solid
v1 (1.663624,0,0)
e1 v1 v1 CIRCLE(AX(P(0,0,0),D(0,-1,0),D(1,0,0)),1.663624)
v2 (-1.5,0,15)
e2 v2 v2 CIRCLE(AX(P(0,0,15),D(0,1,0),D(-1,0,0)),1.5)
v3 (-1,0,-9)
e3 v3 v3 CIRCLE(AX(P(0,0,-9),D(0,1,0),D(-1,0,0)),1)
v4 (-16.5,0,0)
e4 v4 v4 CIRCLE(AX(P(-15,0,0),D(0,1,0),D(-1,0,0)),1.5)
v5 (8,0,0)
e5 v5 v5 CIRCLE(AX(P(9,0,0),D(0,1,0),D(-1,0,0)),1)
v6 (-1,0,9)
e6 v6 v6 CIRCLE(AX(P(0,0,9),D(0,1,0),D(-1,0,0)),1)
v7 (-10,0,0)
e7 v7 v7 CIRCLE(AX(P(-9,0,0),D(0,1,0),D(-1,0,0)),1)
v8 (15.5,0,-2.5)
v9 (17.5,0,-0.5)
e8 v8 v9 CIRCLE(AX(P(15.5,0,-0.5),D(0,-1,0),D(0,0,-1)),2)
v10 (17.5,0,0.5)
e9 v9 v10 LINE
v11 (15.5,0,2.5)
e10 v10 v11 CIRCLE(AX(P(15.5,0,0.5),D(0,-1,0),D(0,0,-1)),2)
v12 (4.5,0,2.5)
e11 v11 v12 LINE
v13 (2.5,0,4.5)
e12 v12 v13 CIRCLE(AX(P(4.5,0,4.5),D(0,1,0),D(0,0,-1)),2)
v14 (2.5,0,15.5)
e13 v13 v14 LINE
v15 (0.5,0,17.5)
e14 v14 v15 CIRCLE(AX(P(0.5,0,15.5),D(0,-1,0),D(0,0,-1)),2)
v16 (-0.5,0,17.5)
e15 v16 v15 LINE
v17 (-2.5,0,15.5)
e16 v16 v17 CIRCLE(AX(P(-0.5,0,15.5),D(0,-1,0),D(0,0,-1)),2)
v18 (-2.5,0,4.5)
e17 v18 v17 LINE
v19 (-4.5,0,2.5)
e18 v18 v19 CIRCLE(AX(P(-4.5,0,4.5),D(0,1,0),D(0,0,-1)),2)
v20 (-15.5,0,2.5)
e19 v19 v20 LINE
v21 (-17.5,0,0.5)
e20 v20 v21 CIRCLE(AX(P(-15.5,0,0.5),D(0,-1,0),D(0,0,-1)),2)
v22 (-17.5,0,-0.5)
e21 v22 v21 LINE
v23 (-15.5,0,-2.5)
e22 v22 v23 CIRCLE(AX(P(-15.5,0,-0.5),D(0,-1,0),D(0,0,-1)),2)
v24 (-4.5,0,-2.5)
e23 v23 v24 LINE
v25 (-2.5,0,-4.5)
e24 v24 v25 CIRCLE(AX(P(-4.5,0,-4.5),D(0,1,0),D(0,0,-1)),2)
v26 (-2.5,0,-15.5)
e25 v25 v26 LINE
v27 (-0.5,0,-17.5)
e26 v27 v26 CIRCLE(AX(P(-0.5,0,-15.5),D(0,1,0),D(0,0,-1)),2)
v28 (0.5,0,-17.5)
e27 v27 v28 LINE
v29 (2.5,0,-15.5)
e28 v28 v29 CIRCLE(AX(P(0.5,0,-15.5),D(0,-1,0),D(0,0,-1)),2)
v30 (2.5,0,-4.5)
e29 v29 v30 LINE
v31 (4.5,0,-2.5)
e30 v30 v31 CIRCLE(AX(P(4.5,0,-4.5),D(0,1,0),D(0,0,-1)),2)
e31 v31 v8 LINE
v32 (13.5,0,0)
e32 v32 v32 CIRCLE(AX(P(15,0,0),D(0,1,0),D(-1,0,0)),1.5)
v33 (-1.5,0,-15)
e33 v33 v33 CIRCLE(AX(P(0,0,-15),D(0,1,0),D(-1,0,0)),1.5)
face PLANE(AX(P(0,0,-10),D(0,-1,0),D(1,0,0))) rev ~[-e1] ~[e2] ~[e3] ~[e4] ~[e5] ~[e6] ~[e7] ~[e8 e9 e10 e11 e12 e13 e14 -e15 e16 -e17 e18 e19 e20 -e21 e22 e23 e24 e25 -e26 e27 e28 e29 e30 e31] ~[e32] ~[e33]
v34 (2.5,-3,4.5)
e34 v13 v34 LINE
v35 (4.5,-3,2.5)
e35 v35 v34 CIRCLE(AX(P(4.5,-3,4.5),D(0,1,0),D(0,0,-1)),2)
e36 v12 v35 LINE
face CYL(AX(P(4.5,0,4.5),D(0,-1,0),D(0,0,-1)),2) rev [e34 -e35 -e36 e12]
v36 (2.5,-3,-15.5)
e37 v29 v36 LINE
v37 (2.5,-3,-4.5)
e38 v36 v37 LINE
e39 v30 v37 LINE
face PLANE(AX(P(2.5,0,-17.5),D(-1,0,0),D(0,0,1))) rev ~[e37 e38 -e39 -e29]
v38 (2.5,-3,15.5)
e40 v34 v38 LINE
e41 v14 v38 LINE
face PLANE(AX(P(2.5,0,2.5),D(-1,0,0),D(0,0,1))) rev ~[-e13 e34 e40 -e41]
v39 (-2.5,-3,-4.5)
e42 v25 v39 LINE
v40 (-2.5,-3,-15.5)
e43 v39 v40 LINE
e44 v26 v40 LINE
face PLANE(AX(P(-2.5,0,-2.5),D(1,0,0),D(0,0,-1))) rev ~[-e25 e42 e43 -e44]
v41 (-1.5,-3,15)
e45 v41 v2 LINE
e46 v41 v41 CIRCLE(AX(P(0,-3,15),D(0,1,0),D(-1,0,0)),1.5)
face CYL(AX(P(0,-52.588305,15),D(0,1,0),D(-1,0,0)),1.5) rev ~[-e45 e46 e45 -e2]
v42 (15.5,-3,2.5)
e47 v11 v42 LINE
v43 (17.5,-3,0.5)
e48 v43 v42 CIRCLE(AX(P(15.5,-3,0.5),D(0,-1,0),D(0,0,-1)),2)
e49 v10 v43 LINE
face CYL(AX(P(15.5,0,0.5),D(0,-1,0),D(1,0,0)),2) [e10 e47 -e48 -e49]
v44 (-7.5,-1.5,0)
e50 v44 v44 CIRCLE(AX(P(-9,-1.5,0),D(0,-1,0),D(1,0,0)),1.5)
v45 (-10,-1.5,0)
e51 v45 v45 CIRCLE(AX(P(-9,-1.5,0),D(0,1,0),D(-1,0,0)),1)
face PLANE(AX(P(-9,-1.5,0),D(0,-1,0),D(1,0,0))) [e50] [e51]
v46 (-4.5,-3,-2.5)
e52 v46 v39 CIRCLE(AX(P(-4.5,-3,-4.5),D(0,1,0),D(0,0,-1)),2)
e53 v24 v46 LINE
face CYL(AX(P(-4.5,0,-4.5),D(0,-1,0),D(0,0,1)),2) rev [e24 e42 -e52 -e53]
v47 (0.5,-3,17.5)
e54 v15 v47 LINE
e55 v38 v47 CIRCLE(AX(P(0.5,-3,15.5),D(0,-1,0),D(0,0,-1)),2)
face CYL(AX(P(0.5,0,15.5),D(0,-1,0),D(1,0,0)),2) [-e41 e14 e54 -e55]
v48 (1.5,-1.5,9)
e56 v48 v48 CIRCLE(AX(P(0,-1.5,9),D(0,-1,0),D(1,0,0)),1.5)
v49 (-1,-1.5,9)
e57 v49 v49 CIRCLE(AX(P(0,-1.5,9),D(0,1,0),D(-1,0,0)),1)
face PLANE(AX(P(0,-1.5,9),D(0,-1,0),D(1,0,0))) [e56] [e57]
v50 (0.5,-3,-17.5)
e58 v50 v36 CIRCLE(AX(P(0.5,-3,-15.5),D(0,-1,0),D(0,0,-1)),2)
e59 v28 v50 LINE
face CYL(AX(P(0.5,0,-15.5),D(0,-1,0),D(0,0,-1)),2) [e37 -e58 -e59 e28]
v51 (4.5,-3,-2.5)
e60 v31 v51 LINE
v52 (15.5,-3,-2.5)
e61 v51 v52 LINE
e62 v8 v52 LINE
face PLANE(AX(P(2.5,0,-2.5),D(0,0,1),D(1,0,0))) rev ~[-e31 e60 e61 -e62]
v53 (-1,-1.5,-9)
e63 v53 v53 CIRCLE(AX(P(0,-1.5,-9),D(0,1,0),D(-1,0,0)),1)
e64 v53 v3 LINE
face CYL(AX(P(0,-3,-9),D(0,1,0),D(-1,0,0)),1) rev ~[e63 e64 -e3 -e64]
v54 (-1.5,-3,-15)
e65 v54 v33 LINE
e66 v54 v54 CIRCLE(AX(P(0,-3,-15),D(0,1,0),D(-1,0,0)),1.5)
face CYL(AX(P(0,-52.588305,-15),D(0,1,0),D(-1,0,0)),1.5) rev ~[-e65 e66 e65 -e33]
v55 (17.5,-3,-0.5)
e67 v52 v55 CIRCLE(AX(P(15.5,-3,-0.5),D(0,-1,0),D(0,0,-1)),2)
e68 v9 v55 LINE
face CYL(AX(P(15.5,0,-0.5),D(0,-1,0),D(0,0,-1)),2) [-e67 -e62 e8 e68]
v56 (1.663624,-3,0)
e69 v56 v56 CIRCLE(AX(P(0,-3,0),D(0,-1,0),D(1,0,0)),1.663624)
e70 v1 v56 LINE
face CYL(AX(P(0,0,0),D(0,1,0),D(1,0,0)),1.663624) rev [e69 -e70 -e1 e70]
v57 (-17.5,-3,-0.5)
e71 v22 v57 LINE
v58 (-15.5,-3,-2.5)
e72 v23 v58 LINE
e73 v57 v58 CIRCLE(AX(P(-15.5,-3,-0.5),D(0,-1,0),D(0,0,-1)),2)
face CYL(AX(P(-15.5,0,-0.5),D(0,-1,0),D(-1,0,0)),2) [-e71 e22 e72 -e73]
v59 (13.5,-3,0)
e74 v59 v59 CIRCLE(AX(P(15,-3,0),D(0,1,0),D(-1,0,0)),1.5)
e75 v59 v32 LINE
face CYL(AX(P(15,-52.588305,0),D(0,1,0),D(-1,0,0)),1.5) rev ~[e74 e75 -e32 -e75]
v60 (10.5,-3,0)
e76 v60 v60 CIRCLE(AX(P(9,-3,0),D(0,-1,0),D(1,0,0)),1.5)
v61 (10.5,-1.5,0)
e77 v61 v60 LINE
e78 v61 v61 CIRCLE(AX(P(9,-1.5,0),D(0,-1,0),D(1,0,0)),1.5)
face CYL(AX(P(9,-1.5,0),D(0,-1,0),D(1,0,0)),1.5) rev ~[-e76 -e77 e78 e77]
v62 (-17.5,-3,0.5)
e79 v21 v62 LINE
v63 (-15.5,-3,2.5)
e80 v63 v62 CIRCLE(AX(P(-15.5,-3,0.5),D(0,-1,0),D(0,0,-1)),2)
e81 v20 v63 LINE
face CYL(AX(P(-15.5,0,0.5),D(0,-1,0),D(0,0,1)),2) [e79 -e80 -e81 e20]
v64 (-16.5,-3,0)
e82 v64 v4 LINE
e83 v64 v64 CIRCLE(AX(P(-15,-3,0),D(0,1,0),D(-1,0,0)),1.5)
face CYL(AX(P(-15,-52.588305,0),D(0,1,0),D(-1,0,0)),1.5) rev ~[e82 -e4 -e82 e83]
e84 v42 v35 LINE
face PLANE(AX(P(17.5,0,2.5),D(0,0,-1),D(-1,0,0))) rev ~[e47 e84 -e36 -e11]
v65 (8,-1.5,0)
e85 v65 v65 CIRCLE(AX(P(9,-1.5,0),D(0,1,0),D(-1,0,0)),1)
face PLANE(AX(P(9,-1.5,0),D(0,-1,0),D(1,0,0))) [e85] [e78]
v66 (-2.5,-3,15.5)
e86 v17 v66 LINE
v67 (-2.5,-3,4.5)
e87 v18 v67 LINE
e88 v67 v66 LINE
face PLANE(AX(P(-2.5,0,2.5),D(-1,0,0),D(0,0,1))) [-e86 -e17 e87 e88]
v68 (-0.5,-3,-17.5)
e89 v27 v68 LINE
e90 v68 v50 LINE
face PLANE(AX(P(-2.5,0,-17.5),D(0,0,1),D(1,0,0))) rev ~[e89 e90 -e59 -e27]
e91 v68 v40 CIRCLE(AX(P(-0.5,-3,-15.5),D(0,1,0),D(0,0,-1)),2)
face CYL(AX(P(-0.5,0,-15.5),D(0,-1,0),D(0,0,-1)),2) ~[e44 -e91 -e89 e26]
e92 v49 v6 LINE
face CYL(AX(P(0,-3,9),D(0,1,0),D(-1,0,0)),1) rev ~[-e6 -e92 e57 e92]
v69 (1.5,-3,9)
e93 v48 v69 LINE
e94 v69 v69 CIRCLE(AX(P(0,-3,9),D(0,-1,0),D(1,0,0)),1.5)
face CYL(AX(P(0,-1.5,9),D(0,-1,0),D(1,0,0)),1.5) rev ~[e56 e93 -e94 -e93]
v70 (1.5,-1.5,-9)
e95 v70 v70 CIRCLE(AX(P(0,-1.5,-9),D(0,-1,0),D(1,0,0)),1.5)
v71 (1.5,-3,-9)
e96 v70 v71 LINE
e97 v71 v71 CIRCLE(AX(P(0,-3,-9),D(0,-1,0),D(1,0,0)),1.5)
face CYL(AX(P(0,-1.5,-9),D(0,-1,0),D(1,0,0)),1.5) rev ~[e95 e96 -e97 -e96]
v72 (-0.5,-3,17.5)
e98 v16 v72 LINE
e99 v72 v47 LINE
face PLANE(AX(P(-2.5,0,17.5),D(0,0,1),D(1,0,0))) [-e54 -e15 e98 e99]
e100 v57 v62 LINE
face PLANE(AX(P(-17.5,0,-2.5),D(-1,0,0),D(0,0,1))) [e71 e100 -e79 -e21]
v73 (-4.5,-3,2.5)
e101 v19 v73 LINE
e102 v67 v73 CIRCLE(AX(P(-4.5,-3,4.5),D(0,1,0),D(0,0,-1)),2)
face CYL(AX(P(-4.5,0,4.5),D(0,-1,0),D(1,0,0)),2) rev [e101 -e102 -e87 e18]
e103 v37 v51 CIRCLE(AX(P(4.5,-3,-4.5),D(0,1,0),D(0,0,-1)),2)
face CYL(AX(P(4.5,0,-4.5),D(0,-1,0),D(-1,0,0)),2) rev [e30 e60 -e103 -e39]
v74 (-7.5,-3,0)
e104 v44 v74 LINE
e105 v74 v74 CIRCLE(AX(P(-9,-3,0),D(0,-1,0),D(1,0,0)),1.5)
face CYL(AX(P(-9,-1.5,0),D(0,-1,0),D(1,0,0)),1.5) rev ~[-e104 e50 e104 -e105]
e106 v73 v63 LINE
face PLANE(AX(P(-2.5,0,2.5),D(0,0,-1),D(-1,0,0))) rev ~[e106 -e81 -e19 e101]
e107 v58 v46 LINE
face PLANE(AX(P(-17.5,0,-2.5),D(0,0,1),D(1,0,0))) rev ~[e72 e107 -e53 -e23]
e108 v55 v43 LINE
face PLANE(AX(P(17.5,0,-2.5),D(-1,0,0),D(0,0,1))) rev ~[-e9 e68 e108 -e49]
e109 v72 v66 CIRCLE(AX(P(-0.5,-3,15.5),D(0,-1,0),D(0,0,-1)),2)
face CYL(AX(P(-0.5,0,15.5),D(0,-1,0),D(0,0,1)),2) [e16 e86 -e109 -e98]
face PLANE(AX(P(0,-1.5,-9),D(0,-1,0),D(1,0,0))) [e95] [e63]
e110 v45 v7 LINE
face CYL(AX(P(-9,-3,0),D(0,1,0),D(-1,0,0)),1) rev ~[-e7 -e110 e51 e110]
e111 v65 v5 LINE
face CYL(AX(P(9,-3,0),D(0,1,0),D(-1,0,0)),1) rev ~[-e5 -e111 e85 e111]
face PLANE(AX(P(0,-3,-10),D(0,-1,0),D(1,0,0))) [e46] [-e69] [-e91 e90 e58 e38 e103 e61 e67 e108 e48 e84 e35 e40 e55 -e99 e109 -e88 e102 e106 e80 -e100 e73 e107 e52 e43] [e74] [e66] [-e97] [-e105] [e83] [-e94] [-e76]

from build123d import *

# Parameters (mm, degrees)
F0_W           = 5
F0_H           = 15
F0_H_2         = 5
F0_R           = 1.663624267
F0_W_2         = 15
F1_DEPTH       = 3
F2_R           = 2
F4_D           = 3
F6_D           = 2
F6_CBORE_D     = 3
F6_CBORE_DEPTH = 1.5


with BuildPart() as f1:
    # F0 (on Front) → F1 (new body)
    with BuildSketch(Plane.XZ):
        with Locations((0, -10)):
            Rectangle(F0_W, F0_H)
        Rectangle(F0_W, F0_H_2)
        Circle(F0_R, mode=Mode.SUBTRACT)
        with Locations((10, 0)):
            Rectangle(F0_W_2, F0_H_2)
        with Locations((-10, 0)):
            Rectangle(F0_W_2, F0_H_2)
        with Locations((0, 10)):
            Rectangle(F0_W, F0_H)
    extrude(amount=F1_DEPTH)

    # F2
    f2_edges = [f1.edges().sort_by_distance(p)[0] for p in [
        (17.5, -1.5, 2.5),
        (17.5, -1.5, -2.5),
        (2.5, -1.5, -17.5),
        (-17.5, -1.5, 2.5),
        (2.5, -1.5, 17.5),
        (-2.5, -1.5, 17.5),
        (-2.5, -1.5, -17.5),
        (-17.5, -1.5, -2.5),
        (-2.5, -1.5, 2.5),
        (2.5, -1.5, -2.5),
        (2.5, -1.5, 2.5),
        (-2.5, -1.5, -2.5),
    ]]
    fillet(f2_edges, radius=F2_R)

    # F4 (through all)
    with Locations(Plane.XZ.offset(3)):
        with Locations((-15, 0), (0, 15), (15, 0), (0, -15)):
            Hole(F4_D / 2)

    # F6 (through all)
    with Locations(Plane.XZ.offset(3)):
        with Locations((0, 9), (9, 0), (0, -9), (-9, 0)):
            CounterBoreHole(F6_D / 2, F6_CBORE_D / 2, F6_CBORE_DEPTH)


solid = f1.part
